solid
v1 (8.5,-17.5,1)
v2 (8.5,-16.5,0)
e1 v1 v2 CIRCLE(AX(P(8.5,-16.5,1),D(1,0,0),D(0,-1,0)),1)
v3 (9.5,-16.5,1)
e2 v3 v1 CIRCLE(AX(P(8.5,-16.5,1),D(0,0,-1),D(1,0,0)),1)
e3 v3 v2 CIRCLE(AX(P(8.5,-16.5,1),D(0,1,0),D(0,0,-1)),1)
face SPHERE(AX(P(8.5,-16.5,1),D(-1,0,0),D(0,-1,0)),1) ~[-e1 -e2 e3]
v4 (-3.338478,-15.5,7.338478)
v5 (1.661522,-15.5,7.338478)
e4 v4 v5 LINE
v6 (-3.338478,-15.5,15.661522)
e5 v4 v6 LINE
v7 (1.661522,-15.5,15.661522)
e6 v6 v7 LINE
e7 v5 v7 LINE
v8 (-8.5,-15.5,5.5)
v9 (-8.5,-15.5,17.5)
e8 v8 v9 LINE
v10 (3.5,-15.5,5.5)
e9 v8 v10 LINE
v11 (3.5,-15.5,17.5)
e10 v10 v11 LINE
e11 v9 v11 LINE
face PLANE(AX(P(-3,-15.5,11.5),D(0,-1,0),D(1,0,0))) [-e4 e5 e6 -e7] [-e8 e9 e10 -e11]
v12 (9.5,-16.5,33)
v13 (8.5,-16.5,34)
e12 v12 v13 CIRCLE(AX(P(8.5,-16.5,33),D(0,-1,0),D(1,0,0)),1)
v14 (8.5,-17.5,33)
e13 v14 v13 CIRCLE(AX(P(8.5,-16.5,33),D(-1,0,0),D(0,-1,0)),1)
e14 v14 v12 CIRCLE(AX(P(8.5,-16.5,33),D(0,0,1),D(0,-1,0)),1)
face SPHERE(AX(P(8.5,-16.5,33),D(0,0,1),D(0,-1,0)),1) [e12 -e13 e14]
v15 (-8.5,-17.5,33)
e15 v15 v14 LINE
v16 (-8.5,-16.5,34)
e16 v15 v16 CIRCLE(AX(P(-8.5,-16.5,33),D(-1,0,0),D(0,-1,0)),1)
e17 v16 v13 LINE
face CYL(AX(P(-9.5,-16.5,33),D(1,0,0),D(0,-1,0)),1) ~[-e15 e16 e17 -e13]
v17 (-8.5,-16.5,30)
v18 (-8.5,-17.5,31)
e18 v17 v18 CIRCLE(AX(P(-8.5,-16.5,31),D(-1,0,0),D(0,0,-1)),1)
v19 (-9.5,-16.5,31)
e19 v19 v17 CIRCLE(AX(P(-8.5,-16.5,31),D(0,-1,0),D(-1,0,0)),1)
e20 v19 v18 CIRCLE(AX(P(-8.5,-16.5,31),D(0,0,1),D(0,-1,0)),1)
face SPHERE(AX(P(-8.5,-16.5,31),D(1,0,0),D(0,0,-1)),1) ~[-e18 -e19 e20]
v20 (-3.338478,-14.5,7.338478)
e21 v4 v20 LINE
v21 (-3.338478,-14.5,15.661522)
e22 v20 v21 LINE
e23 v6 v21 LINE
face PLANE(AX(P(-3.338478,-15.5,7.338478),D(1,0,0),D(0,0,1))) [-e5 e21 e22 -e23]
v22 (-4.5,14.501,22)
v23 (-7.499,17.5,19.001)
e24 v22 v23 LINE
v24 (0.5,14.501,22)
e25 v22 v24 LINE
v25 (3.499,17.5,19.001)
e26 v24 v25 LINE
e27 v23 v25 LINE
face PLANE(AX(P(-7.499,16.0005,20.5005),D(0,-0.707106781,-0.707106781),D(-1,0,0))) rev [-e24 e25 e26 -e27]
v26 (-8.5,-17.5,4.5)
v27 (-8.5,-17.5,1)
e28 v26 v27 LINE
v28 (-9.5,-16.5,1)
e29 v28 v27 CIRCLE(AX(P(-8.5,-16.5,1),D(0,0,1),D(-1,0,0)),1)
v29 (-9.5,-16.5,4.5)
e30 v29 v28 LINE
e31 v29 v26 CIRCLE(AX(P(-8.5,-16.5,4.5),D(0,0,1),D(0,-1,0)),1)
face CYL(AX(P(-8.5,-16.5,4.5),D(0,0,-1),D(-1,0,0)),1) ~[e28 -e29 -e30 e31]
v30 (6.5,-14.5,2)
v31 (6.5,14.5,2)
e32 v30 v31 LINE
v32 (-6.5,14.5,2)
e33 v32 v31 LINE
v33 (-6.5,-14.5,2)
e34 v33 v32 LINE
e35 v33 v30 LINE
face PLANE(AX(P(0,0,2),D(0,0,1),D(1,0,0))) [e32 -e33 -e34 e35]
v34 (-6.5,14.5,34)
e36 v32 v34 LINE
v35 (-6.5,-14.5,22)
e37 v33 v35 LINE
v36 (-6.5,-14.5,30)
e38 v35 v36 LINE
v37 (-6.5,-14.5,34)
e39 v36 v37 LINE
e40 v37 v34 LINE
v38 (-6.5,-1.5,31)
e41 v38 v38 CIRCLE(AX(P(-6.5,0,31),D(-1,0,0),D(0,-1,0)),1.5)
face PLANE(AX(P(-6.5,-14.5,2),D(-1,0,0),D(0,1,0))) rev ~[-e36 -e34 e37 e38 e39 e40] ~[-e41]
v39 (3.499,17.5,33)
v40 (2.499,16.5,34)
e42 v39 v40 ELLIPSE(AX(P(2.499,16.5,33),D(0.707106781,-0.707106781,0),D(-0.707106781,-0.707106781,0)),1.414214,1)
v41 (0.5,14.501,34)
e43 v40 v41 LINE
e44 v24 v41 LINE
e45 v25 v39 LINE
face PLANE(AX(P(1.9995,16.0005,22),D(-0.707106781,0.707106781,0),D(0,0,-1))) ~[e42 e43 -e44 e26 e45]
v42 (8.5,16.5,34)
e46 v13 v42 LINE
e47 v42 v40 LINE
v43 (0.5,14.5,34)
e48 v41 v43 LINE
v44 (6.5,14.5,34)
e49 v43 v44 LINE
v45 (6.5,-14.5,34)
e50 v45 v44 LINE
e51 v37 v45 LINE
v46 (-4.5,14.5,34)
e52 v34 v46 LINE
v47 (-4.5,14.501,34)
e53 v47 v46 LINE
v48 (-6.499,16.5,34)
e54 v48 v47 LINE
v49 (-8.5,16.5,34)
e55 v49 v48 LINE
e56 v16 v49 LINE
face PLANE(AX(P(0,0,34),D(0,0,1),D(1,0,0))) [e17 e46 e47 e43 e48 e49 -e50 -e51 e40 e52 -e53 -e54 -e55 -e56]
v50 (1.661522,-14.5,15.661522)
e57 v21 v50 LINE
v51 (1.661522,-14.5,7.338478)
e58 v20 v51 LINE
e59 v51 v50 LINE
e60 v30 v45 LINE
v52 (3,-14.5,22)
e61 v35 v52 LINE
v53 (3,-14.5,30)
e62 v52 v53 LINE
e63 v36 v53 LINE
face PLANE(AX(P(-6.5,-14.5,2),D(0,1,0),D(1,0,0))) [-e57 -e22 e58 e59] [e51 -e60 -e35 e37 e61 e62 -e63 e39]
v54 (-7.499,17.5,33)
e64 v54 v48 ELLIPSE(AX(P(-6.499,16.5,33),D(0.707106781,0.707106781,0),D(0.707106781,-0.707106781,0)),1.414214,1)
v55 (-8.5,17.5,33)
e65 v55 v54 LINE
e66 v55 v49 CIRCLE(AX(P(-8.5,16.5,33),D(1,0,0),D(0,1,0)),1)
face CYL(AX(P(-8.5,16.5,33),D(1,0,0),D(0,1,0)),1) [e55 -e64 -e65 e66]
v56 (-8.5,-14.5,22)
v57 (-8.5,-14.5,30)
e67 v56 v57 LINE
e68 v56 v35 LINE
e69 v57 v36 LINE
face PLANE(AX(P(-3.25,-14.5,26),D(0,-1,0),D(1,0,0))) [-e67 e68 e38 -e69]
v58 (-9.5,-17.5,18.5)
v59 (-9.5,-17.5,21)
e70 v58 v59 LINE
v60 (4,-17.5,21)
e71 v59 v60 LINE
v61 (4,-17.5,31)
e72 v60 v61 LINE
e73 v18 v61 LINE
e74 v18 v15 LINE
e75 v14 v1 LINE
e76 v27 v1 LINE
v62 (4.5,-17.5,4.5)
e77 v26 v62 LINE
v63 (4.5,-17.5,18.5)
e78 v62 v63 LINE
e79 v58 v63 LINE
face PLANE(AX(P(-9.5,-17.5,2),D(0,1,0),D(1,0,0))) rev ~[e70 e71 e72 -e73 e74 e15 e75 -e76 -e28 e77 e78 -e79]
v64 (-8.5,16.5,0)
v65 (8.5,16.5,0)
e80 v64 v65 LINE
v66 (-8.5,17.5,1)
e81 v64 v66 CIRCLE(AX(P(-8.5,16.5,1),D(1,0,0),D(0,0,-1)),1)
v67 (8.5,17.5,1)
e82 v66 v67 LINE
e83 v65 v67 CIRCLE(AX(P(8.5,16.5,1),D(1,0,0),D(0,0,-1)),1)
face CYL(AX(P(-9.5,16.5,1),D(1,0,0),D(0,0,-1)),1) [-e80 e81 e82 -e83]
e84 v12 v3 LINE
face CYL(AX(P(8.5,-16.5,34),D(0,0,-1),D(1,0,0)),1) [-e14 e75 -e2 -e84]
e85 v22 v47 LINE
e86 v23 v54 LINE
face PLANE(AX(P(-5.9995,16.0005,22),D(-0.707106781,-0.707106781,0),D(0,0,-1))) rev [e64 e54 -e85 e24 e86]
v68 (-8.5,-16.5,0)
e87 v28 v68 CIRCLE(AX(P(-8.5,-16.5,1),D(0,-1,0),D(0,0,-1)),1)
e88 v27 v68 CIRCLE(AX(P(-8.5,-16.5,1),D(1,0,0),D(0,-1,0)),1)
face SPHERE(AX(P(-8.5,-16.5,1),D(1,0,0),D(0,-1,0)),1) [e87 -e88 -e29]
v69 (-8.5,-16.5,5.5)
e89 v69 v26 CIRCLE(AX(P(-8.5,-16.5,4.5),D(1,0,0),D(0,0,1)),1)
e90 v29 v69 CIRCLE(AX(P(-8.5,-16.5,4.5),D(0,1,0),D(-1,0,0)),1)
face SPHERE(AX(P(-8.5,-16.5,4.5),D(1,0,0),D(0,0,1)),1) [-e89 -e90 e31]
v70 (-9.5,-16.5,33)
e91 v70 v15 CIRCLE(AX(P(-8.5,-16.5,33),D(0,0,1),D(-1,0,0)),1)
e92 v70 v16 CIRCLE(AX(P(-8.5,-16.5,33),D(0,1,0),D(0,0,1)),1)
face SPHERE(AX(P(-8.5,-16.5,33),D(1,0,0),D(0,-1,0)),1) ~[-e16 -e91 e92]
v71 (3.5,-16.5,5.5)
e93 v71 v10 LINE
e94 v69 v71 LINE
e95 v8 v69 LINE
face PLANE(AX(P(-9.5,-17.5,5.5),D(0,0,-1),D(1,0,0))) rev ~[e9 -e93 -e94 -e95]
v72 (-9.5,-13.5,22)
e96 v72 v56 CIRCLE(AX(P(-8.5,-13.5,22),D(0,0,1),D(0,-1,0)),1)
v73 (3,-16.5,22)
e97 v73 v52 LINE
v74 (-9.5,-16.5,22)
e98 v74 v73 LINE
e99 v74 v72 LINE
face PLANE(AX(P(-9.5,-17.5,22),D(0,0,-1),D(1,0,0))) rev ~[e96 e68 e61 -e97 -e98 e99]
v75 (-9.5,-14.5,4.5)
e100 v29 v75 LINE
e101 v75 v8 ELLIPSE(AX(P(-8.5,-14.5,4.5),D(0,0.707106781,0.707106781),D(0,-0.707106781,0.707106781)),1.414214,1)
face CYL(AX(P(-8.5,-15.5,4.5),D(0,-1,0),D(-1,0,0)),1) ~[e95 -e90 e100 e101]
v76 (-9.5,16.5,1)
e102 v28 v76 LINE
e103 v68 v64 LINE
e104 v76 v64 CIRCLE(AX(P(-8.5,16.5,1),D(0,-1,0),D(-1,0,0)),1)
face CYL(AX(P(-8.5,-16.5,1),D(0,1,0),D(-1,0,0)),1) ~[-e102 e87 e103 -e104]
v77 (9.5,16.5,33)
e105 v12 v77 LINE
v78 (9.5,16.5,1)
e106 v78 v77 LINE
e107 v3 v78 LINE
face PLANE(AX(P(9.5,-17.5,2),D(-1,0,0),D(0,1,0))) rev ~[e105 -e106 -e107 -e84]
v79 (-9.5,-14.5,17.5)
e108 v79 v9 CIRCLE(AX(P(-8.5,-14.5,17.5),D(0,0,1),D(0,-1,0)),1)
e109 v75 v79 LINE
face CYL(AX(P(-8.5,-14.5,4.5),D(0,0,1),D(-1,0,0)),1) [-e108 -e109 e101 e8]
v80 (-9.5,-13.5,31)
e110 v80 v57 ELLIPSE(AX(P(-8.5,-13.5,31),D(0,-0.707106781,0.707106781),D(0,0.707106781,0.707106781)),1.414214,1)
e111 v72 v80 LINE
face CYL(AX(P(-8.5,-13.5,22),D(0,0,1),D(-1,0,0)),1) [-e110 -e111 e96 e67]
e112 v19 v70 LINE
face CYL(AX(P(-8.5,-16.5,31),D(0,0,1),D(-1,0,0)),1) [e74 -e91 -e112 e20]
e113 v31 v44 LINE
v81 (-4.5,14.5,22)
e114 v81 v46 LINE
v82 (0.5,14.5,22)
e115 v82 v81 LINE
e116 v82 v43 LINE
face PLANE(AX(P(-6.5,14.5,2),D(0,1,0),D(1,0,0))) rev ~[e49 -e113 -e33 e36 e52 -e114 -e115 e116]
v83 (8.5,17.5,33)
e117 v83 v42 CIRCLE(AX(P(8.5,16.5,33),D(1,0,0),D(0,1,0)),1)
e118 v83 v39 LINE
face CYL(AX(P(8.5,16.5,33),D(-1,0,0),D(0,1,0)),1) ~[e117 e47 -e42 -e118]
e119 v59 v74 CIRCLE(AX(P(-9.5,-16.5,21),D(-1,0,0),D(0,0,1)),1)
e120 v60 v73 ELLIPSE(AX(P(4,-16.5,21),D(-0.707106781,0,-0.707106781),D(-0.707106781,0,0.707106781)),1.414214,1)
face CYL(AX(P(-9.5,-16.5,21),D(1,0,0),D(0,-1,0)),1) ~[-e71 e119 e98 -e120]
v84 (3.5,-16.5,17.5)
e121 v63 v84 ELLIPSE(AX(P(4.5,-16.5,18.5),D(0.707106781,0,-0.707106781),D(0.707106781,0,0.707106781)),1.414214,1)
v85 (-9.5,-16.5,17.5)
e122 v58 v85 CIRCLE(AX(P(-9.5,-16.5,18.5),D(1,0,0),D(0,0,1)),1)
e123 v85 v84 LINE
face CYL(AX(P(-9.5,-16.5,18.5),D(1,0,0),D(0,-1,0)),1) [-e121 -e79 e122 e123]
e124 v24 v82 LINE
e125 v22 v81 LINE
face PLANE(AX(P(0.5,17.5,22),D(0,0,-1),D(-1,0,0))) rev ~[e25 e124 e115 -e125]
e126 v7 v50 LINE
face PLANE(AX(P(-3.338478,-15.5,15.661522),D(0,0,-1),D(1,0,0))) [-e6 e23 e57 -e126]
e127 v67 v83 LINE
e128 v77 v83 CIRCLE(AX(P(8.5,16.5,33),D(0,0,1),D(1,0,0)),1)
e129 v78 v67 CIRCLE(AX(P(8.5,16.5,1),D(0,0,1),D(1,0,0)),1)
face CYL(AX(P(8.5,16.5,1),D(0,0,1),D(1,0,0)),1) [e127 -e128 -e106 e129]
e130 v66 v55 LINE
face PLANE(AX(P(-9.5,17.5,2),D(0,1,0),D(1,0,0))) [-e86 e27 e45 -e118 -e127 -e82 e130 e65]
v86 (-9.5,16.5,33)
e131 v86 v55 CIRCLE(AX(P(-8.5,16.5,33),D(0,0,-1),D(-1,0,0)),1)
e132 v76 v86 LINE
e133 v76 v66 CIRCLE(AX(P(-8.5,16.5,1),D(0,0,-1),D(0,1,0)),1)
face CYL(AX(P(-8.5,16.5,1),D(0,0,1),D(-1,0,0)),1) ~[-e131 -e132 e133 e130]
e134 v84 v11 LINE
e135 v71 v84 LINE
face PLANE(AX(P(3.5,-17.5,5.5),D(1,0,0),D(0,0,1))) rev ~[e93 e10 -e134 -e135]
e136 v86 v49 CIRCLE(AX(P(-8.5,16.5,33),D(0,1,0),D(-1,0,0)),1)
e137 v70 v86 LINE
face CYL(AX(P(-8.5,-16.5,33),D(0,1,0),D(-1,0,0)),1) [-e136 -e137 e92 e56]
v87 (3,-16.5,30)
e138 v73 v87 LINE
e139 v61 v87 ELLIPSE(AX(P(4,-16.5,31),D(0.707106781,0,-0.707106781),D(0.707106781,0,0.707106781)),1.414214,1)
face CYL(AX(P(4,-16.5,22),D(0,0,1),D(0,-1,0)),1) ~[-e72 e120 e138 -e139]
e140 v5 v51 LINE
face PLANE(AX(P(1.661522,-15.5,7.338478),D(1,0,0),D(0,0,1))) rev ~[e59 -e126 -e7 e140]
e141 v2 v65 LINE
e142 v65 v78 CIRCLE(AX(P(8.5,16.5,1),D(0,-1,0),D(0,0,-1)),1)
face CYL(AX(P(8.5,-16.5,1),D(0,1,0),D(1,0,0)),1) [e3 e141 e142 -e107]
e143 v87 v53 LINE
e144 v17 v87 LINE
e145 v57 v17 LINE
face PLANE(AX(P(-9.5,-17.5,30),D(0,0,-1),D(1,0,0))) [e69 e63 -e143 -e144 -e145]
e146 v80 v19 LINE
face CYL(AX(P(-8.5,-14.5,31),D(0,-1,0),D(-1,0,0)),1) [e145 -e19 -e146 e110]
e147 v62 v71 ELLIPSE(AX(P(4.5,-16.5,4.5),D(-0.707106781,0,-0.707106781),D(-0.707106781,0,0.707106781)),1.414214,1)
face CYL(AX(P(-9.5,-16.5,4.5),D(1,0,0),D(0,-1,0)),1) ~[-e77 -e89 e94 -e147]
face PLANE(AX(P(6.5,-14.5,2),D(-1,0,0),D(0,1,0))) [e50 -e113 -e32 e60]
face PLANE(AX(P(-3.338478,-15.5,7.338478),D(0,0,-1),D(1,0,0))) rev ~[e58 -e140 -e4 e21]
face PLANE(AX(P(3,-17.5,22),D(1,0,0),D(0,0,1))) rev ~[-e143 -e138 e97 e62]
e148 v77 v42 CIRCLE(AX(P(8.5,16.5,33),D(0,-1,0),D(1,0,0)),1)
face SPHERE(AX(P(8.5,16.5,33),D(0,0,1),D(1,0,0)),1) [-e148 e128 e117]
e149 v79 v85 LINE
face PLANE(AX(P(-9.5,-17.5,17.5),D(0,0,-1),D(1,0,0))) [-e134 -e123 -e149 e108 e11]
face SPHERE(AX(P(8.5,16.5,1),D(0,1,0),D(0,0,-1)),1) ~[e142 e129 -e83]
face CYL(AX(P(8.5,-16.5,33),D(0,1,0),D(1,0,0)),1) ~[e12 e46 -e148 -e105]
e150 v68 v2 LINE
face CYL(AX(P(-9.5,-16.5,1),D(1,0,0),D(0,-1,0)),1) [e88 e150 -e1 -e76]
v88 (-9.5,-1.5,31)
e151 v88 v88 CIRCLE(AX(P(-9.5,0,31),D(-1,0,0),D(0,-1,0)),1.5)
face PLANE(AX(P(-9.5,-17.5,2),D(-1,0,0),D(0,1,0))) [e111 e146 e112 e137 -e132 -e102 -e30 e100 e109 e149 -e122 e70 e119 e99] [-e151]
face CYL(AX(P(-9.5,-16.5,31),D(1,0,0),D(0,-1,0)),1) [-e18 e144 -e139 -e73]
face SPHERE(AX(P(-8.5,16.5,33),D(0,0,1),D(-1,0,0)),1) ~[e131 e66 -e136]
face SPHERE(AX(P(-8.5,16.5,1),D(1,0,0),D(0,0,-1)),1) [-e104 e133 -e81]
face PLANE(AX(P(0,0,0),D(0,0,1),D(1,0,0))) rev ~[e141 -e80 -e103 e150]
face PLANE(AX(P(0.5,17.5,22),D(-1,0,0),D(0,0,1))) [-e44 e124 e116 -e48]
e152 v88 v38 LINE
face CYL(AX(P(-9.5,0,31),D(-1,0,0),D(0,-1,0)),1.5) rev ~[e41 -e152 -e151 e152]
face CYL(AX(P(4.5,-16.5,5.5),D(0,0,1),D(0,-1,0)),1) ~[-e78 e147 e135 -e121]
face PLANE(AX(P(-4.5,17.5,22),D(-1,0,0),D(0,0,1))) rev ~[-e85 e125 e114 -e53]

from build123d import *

# Parameters (mm, degrees)
SKETCH_W        = 19
SKETCH_H        = 35
PAD_DEPTH       = 2
SKETCH001_W     = 19
SKETCH001_H     = 35
SKETCH001_W_2   = 13
SKETCH001_H_2   = 29
PAD001_DEPTH    = 32
SKETCH002_W     = 12.5
SKETCH002_H     = 8
POCKET_DEPTH    = 3
FILLET_R        = 1
SKETCH003_W     = 13
SKETCH003_H     = 12
POCKET001_DEPTH = 2
SKETCH004_W     = 5
SKETCH004_H     = 8.323044
POCKET002_DEPTH = 1
SKETCH005_W     = 5
SKETCH005_H     = 12
POCKET003_DEPTH = 3
CHAMFER_SIZE    = 2.999
FILLET001_R     = 1
FILLET002_R     = 1
FILLET003_R     = 1
FILLET004_R     = 1
FILLET005_R     = 1
FILLET006_R     = 1
FILLET007_R     = 1
FILLET008_R     = 1
FILLET009_R     = 1
CHAMFER001_SIZE = 2.999
SKETCH006_R     = 1.5
POCKET004_DEPTH = 5


with BuildPart() as part:
    # Sketch → Pad (new body)
    with BuildSketch(Plane.XY):
        Rectangle(SKETCH_W, SKETCH_H)
    extrude(amount=PAD_DEPTH)

    # Sketch001 (on Face6 of Pad) → Pad001 (join)
    with BuildSketch(Plane.XY.offset(2)):
        Rectangle(SKETCH001_W, SKETCH001_H)
        Rectangle(SKETCH001_W_2, SKETCH001_H_2, mode=Mode.SUBTRACT)
    extrude(amount=PAD001_DEPTH)

    # Sketch002 (on Face10 of Pad001) → Pocket (cut)
    with BuildSketch(Plane.XZ.offset(17.5)):
        with Locations((-3.25, 26)):
            Rectangle(SKETCH002_W, SKETCH002_H)
    extrude(amount=-POCKET_DEPTH, mode=Mode.SUBTRACT)

    # Fillet
    fillet_edges = [part.edges().sort_by_distance(p)[0] for p in [
        (3, -17.5, 26),
        (-3.25, -17.5, 30),
        (-3.25, -17.5, 22),
    ]]
    fillet(fillet_edges, radius=FILLET_R)

    # Sketch003 (on Face2 of Fillet) → Pocket001 (cut)
    with BuildSketch(Plane.XZ.offset(17.5)):
        with Locations((-3, 11.5)):
            Rectangle(SKETCH003_W, SKETCH003_H)
    extrude(amount=-POCKET001_DEPTH, mode=Mode.SUBTRACT)

    # Sketch004 (on Face9 of Pocket001) → Pocket002 (cut)
    with BuildSketch(Plane.XZ.offset(15.5)):
        with Locations((-0.838478, 11.5)):
            Rectangle(SKETCH004_W, SKETCH004_H)
    extrude(amount=-POCKET002_DEPTH, mode=Mode.SUBTRACT)

    # Sketch005 (on Face12 of Pocket002) → Pocket003 (cut)
    with BuildSketch(Plane(origin=(0, 17.5, 0), x_dir=(-1, 0, 0), z_dir=(0, 1, 0))):
        with Locations((2, 28)):
            Rectangle(SKETCH005_W, SKETCH005_H)
    extrude(amount=-POCKET003_DEPTH, mode=Mode.SUBTRACT)

    # Chamfer
    chamfer_edges = [part.edges().sort_by_distance(p)[0] for p in [
        (0.5, 17.5, 28),
        (-4.5, 17.5, 28),
    ]]
    chamfer(chamfer_edges, length=CHAMFER_SIZE)

    # Fillet001
    fillet001_edges = [part.edges().sort_by_distance(p)[0] for p in [
        (-3, -17.5, 17.5),
        (3.5, -17.5, 11.5),
        (-3, -17.5, 5.5),
    ]]
    fillet(fillet001_edges, radius=FILLET001_R)

    # Fillet002
    fillet002_edges = [part.edges().sort_by_distance(p)[0] for p in [
        (0, -17.5, 0),
    ]]
    fillet(fillet002_edges, radius=FILLET002_R)

    # Fillet003
    fillet003_edges = [part.edges().sort_by_distance(p)[0] for p in [
        (9.5, 0.5, 0),
    ]]
    fillet(fillet003_edges, radius=FILLET003_R)

    # Fillet004
    fillet004_edges = [part.edges().sort_by_distance(p)[0] for p in [
        (-0.5, 17.5, 0),
    ]]
    fillet(fillet004_edges, radius=FILLET004_R)

    # Fillet005
    fillet005_edges = [part.edges().sort_by_distance(p)[0] for p in [
        (-9.5, 0, 0),
    ]]
    fillet(fillet005_edges, radius=FILLET005_R)

    # Fillet006
    fillet006_edges = [part.edges().sort_by_distance(p)[0] for p in [
        (-0.5, -17.5, 34),
    ]]
    fillet(fillet006_edges, radius=FILLET006_R)

    # Fillet007
    fillet007_edges = [part.edges().sort_by_distance(p)[0] for p in [
        (-9.5, 0, 34),
    ]]
    fillet(fillet007_edges, radius=FILLET007_R)

    # Fillet008
    fillet008_edges = [part.edges().sort_by_distance(p)[0] for p in [
        (-9.5, -15.5, 11.5),
    ]]
    fillet(fillet008_edges, radius=FILLET008_R)

    # Fillet009
    fillet009_edges = [part.edges().sort_by_distance(p)[0] for p in [
        (-9.5, -14.5, 26),
    ]]
    fillet(fillet009_edges, radius=FILLET009_R)

    # Chamfer001
    chamfer001_edges = [part.edges().sort_by_distance(p)[0] for p in [
        (-2, 17.5, 22),
    ]]
    chamfer(chamfer001_edges, length=CHAMFER001_SIZE)

    # Sketch006 (on Face16 of Chamfer001) → Pocket004 (cut)
    with BuildSketch(Plane(origin=(-9.5, 0, 0), x_dir=(0, -1, 0), z_dir=(-1, 0, 0))):
        with Locations((0, 31)):
            Circle(SKETCH006_R)
    extrude(amount=-POCKET004_DEPTH, mode=Mode.SUBTRACT)


solid = part.part
